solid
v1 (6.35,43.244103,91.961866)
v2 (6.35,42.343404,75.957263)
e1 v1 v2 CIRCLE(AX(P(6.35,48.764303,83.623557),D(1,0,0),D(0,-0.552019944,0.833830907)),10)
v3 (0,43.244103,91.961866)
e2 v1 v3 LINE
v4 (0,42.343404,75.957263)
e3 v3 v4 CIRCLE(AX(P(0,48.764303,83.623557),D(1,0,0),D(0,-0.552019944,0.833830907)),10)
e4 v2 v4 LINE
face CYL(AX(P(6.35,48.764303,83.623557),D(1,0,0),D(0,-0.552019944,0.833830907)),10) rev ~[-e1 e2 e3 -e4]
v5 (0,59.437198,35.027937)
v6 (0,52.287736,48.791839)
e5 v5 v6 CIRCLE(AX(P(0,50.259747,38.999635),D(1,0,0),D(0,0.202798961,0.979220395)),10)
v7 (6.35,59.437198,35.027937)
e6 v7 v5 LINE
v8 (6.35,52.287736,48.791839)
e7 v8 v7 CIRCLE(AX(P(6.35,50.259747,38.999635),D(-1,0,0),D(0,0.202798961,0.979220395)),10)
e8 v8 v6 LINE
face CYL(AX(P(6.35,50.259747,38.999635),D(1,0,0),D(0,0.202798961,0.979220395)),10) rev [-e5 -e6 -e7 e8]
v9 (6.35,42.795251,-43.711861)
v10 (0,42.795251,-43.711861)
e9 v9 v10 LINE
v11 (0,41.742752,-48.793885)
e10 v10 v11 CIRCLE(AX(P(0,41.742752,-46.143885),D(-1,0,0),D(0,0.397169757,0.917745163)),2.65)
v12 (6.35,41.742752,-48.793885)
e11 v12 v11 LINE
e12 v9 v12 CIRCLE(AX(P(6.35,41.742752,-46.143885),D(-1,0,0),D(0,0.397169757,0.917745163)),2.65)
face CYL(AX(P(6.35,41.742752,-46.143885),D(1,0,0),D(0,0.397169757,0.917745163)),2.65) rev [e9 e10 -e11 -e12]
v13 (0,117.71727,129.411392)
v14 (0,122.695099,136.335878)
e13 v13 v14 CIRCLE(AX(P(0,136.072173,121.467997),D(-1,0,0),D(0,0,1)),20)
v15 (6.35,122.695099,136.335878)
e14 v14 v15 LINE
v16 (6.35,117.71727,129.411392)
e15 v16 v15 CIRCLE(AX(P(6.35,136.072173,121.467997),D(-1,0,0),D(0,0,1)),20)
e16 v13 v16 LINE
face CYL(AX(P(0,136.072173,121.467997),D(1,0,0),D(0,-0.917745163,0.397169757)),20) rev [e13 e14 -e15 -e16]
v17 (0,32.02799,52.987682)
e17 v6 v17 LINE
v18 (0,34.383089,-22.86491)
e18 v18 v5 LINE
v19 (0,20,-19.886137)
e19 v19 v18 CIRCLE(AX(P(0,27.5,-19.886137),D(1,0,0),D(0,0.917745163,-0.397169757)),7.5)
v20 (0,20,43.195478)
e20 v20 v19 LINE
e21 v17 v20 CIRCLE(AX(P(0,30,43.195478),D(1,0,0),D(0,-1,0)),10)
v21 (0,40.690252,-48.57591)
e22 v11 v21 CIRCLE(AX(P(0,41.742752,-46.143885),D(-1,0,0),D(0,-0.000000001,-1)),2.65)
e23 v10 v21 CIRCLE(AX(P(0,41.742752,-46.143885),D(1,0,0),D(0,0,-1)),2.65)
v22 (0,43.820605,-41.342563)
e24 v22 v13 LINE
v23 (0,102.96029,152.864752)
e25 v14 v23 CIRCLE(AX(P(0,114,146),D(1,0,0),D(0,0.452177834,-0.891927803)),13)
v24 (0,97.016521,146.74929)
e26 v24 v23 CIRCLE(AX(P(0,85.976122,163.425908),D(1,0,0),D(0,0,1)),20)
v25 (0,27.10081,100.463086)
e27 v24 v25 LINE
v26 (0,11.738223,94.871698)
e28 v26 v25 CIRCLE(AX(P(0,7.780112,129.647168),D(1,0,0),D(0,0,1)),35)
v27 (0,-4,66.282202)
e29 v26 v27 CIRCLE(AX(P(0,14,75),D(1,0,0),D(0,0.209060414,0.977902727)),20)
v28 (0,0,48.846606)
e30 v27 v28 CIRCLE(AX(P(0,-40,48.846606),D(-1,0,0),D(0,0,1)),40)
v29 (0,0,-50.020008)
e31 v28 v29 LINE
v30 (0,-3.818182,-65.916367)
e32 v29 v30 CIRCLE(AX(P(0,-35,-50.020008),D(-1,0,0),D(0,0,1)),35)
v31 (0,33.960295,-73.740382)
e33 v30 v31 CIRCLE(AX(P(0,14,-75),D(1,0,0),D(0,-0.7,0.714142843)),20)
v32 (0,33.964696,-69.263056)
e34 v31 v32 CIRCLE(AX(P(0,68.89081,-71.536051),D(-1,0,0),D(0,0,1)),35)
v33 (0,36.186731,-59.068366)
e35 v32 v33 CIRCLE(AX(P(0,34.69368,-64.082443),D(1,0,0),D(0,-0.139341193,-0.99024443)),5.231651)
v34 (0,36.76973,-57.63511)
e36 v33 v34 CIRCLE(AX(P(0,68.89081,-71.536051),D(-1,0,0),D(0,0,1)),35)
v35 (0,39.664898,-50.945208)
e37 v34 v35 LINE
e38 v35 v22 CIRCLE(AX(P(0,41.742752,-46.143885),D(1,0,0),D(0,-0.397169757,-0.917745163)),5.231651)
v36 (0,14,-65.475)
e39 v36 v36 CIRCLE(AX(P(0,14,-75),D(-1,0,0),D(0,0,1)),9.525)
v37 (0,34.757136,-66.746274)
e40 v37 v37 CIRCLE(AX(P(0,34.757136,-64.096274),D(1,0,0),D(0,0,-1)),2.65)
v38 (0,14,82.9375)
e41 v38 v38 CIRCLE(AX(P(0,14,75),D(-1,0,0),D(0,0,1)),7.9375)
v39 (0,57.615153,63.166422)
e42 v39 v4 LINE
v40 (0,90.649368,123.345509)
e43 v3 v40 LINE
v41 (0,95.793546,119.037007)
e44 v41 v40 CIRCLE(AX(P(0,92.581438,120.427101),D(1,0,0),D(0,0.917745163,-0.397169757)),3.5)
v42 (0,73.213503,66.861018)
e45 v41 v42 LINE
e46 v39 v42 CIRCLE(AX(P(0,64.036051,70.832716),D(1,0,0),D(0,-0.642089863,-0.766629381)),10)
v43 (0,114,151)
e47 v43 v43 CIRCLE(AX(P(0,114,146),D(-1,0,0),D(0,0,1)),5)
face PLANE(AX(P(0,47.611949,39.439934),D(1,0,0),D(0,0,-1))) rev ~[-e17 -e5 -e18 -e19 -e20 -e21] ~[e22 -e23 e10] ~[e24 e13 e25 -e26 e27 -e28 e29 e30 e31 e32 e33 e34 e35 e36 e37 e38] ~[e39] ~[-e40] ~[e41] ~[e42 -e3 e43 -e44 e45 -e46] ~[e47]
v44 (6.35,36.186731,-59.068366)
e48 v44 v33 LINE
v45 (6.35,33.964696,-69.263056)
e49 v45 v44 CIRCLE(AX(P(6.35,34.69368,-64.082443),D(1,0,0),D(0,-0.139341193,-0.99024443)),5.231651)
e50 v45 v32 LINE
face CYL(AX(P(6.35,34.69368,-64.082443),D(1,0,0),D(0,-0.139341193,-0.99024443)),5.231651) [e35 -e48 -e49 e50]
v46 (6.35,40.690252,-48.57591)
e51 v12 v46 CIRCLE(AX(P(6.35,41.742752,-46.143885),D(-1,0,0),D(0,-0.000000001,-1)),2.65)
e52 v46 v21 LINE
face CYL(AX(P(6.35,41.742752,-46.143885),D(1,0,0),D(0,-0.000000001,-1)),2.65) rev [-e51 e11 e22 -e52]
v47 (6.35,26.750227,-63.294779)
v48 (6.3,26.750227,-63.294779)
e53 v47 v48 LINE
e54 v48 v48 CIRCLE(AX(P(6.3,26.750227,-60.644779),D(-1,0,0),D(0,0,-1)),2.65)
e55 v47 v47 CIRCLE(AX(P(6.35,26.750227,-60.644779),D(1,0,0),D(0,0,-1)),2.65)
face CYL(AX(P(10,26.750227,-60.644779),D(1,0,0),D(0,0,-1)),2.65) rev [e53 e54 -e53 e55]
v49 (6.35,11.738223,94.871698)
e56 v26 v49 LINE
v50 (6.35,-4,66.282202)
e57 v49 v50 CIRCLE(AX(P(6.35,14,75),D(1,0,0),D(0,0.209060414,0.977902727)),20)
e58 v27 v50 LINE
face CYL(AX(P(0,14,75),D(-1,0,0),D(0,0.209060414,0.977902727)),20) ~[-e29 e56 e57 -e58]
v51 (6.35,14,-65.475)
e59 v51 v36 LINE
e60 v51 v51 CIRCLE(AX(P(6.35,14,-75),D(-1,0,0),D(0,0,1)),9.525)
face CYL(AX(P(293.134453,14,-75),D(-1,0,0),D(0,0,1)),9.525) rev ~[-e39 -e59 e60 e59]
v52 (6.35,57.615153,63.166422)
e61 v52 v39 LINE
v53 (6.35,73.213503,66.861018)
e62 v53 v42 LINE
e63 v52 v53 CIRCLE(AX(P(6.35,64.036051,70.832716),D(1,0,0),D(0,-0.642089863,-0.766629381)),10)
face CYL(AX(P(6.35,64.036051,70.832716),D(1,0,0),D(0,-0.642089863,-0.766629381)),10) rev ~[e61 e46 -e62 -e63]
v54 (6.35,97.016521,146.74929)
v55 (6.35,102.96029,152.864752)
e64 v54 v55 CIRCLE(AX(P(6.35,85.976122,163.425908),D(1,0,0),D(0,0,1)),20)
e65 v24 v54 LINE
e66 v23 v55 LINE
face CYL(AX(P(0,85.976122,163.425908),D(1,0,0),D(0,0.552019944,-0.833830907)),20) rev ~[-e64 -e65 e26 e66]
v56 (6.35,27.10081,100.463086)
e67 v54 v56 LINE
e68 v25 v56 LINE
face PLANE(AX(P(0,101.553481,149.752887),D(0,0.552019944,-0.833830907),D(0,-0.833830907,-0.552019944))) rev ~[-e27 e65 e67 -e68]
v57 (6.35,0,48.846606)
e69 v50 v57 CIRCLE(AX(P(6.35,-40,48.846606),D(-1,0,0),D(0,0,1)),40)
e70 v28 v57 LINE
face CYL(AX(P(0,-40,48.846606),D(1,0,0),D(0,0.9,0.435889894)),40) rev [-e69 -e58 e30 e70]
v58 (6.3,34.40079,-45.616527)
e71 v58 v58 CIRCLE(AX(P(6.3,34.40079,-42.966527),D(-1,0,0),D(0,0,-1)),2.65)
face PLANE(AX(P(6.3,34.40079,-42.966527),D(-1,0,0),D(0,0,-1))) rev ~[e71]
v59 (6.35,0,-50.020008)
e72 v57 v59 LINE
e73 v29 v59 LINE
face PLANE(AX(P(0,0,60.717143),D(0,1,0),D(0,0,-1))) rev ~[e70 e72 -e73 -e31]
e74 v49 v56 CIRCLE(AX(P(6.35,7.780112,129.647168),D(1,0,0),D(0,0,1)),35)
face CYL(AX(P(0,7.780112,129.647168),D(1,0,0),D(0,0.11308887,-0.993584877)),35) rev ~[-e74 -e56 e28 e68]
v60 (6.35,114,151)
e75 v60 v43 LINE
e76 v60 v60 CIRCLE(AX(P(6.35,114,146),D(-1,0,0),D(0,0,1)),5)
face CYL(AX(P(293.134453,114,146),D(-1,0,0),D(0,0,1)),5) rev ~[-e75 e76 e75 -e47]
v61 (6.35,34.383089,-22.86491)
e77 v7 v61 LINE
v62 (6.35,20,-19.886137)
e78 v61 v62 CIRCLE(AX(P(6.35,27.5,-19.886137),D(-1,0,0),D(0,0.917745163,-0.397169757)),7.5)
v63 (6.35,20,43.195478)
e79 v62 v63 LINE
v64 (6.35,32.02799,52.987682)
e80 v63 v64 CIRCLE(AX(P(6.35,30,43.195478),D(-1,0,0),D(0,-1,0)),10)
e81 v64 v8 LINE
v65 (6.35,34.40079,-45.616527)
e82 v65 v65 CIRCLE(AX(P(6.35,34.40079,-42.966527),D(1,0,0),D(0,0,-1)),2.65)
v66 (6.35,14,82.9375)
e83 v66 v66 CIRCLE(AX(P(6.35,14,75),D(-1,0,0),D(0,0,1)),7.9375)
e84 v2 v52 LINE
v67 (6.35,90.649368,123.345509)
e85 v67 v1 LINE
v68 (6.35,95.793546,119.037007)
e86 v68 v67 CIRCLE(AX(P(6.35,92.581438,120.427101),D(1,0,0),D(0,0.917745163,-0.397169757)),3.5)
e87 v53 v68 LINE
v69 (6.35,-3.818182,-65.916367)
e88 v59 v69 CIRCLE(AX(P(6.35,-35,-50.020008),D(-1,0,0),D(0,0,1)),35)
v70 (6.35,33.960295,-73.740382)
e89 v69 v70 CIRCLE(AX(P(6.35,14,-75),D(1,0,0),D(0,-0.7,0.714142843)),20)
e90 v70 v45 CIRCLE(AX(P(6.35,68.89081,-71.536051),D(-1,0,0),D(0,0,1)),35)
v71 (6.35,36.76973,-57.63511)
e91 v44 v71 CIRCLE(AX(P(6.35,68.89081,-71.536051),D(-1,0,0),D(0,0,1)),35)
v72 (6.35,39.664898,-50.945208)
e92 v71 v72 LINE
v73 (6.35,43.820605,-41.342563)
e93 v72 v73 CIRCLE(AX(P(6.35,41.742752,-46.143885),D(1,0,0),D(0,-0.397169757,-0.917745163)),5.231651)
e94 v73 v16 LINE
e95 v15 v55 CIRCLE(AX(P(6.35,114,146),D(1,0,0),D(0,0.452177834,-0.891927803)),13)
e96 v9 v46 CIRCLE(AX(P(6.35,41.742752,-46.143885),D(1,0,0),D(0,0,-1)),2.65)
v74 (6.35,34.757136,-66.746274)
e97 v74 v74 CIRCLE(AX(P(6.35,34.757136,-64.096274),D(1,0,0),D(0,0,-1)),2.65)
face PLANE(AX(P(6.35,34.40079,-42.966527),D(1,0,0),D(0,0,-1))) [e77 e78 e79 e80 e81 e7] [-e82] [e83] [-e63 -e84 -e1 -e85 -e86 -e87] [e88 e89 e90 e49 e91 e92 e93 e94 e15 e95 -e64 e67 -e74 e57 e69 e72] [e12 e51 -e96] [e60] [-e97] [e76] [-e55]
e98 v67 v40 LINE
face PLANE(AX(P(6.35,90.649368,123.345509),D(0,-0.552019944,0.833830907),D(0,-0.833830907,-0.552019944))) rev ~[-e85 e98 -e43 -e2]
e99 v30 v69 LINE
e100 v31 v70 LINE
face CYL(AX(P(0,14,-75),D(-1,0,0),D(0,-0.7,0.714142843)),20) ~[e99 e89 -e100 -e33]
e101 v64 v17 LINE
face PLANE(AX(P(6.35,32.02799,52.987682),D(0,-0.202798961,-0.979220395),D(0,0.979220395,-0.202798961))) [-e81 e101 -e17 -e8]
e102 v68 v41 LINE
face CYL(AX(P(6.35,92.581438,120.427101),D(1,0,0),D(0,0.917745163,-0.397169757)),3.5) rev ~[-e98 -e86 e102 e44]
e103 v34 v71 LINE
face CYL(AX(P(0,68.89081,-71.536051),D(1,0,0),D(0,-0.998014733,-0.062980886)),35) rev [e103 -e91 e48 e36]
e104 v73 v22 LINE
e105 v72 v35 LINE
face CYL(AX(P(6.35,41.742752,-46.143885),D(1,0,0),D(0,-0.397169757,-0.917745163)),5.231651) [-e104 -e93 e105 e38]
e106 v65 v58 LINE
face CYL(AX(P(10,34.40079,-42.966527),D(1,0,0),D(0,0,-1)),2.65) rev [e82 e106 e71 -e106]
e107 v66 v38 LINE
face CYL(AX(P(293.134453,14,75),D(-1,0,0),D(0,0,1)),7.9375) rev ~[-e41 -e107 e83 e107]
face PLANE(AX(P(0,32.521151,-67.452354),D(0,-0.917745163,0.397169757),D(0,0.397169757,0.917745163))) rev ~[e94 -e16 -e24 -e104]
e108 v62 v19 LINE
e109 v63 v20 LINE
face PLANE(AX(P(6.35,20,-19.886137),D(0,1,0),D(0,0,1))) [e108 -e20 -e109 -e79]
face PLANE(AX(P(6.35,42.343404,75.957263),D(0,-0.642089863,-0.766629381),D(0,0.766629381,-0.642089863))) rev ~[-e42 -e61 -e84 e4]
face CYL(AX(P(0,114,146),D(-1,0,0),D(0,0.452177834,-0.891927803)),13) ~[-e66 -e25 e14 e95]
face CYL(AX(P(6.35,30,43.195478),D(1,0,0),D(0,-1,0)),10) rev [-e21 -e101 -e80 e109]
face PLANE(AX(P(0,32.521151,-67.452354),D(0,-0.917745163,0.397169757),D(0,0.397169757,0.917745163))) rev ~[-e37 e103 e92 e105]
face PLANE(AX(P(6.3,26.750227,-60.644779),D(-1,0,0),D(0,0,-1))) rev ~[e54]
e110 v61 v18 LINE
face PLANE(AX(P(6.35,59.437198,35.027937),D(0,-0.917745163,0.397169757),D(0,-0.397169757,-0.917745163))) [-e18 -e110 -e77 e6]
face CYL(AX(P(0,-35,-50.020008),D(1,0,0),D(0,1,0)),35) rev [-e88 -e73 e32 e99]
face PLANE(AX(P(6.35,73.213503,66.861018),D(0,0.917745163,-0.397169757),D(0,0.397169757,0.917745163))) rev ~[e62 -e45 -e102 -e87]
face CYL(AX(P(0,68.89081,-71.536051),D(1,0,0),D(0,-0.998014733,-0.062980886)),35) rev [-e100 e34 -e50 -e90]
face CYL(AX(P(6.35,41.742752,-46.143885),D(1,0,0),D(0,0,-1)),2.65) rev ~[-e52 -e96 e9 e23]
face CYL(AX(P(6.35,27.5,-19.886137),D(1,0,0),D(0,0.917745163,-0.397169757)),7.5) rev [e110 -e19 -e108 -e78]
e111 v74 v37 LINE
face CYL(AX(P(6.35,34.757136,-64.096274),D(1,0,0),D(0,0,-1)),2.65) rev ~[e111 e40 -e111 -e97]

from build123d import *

# Parameters (mm, degrees)
BOSS_EXTRUDE1_DEPTH         = 6.35
F_3_4_0_75_DIAMETER_HOLE1_D = 19.05
F_10_0_10_DIAMETER_HOLE1_D  = 10
F_5_8_DIAMETER_HOLE2_D      = 15.875
CUT_EXTRUDE1_REACH          = 205.594
FILLET1_R                   = 35
FILLET3_R                   = 35
FILLET4_R                   = 20
FILLET6_R                   = 40
SKETCH22_R                  = 2.65
CUT_EXTRUDE2_DEPTH          = 10
SKETCH24_R                  = 2.65
CUT_EXTRUDE3_DEPTH          = 10
BOSS_EXTRUDE4_DEPTH         = 6.35
BOSS_EXTRUDE5_DEPTH         = 6.35
SKETCH30_R                  = 2.65
CUT_EXTRUDE4_DEPTH          = 6.35
SKETCH31_R                  = 2.131200652
CUT_EXTRUDE5_DEPTH          = 6.35
SKETCH32_R                  = 2.65
CUT_EXTRUDE6_DEPTH          = 6.35
SKETCH33_R                  = 2.65
SKETCH33_R_2                = 3.724628158
BOSS_EXTRUDE6_DEPTH         = 6.3
CUT_EXTRUDE7_START          = -10
SKETCH34_R                  = 2.65
CUT_EXTRUDE7_DEPTH          = 10
BOSS_EXTRUDE7_START         = -6.3
SKETCH35_R                  = 2.65
BOSS_EXTRUDE7_DEPTH         = 6.3


with BuildPart() as part:
    # Sketch1 → Boss-Extrude1 (new body)
    with BuildSketch(Plane(origin=(0, 0, 0), x_dir=(0, 0, -1), z_dir=(1, 0, 0))):
        with BuildLine():
            Line((-60.717143143, 0), (60.717143143, 0))
            ThreePointArc((60.717143143, 0), (94.584407895, 9.944020783), (67.452353804, 32.521151068))
            Line((67.452353804, 32.521151068), (-134.404938559, 119.878311848))
            ThreePointArc((-134.404938559, 119.878311848), (-155.966181949, 122.347168224), (-149.752887031, 101.553480851))
            Line((-149.752887031, 101.553480851), (-94.55805454, 18.181208272))
            ThreePointArc((-94.55805454, 18.181208272), (-84.465516954, -3.618285637), (-60.717143143, 0))
        make_face()
    extrude(amount=BOSS_EXTRUDE1_DEPTH)

    # 3/4 (0.75) Diameter Hole1 (through all)
    with Locations(Plane(origin=(6.35, 0, 0), x_dir=(0, 0, -1), z_dir=(1, 0, 0))):
        with Locations((75, 14)):
            Hole(F_3_4_0_75_DIAMETER_HOLE1_D / 2)

    # Ø10.0 (10) Diameter Hole1 (through all)
    with Locations(Plane(origin=(6.35, 0, 0), x_dir=(0, 0, -1), z_dir=(1, 0, 0))):
        with Locations((-146, 114)):
            Hole(F_10_0_10_DIAMETER_HOLE1_D / 2)

    # Ø5/8" Diameter Hole2 (through all)
    with Locations(Plane(origin=(6.35, 0, 0), x_dir=(0, 0, -1), z_dir=(1, 0, 0))):
        with Locations((-75, 14)):
            Hole(F_5_8_DIAMETER_HOLE2_D / 2)

    # Sketch8 → Cut-Extrude1 (cut, up to next)
    with BuildSketch(Plane(origin=(6.35, 0, 0), x_dir=(0, 0, -1), z_dir=(1, 0, 0)), mode=Mode.PRIVATE) as cut_extrude1_sk1:
        with BuildLine():
            Line((-52.98768213, 32.027989609), (-48.791838571, 52.287736349))
            ThreePointArc((-48.791838571, 52.287736349), (-43.609219792, 59.133963583), (-35.027937054, 59.43719837))
            Line((-35.027937054, 59.43719837), (22.864909862, 34.383088722))
            ThreePointArc((22.864909862, 34.383088722), (27.230289645, 25.979007794), (19.886136685, 20))
            Line((19.886136685, 20), (-43.195478183, 20))
            ThreePointArc((-43.195478183, 20), (-50.950473221, 23.686518238), (-52.98768213, 32.027989609))
        make_face()
    cut_extrude1_tool1 = extrude(cut_extrude1_sk1.sketch, amount=-CUT_EXTRUDE1_REACH, mode=Mode.PRIVATE) & part.part
    # Sketch8 → Cut-Extrude1 (cut, up to next)
    with BuildSketch(Plane(origin=(6.35, 0, 0), x_dir=(0, 0, -1), z_dir=(1, 0, 0)), mode=Mode.PRIVATE) as cut_extrude1_sk2:
        with BuildLine():
            Line((-75.95726339, 42.34340423), (-63.166421785, 57.61515284))
            ThreePointArc((-63.166421785, 57.61515284), (-61.101947711, 66.340863059), (-66.861018022, 73.213503103))
            Line((-66.861018022, 73.213503103), (-119.037006728, 95.793545572))
            ThreePointArc((-119.037006728, 95.793545572), (-123.11030371, 94.828752024), (-123.345509052, 90.649367698))
            Line((-123.345509052, 90.649367698), (-91.961866267, 43.244103424))
            ThreePointArc((-91.961866267, 43.244103424), (-84.185443207, 38.780101137), (-75.95726339, 42.34340423))
        make_face()
    cut_extrude1_tool2 = extrude(cut_extrude1_sk2.sketch, amount=-CUT_EXTRUDE1_REACH, mode=Mode.PRIVATE) & part.part
    add(cut_extrude1_tool1.solids().sort_by_distance((6.35, 35.497015, 18.727672))[0], mode=Mode.SUBTRACT)
    add(cut_extrude1_tool2.solids().sort_by_distance((6.35, 67.079595, 89.97893))[0], mode=Mode.SUBTRACT)

    # Fillet1
    fillet1_edges = [part.edges().sort_by_distance(p)[0] for p in [
        (3.175, 18.181208272, 94.55805454),
    ]]
    fillet(fillet1_edges, radius=FILLET1_R)

    # Fillet3
    fillet3_edges = [part.edges().sort_by_distance(p)[0] for p in [
        (3.175, 32.521151068, -67.452353804),
        (3.175, 0, -60.717143143),
    ]]
    fillet(fillet3_edges, radius=FILLET3_R)

    # Fillet4
    fillet4_edges = [part.edges().sort_by_distance(p)[0] for p in [
        (3.175, 101.553480851, 149.752887031),
        (3.175, 119.878311848, 134.404938559),
    ]]
    fillet(fillet4_edges, radius=FILLET4_R)

    # Fillet6
    fillet6_edges = [part.edges().sort_by_distance(p)[0] for p in [
        (3.175, 0, 60.717143143),
    ]]
    fillet(fillet6_edges, radius=FILLET6_R)

    # Sketch22 → Cut-Extrude2 (cut)
    with BuildSketch(Plane(origin=(6.35, 0, 0), x_dir=(0, 0, -1), z_dir=(1, 0, 0))):
        with Locations((60.644779113, 26.750227475)):
            Circle(SKETCH22_R)
    extrude(amount=-CUT_EXTRUDE2_DEPTH, mode=Mode.SUBTRACT)

    # Sketch24 → Cut-Extrude3 (cut)
    with BuildSketch(Plane(origin=(6.35, 0, 0), x_dir=(0, 0, -1), z_dir=(1, 0, 0))):
        with Locations((42.966527297, 34.400790246)):
            Circle(SKETCH24_R)
    extrude(amount=-CUT_EXTRUDE3_DEPTH, mode=Mode.SUBTRACT)

    # Sketch25 → Boss-Extrude4 (add)
    with BuildSketch(Plane(origin=(6.35, 0, 0), x_dir=(0, 0, -1), z_dir=(1, 0, 0))):
        with BuildLine():
            ThreePointArc((43.711860671, 42.795251406), (46.681302599, 44.337685596), (48.793885353, 41.74275155))
            ThreePointArc((48.793885353, 41.74275155), (48.738819399, 41.205334304), (48.575910035, 40.690251694))
            Line((48.575910035, 40.690251694), (50.945207618, 39.664898052))
            ThreePointArc((50.945207618, 39.664898052), (48.221738851, 46.544073815), (41.342563089, 43.820605048))
            Line((41.342563089, 43.820605048), (43.711860671, 42.795251406))
        make_face()
    extrude(amount=-BOSS_EXTRUDE4_DEPTH)

    # Sketch29 → Boss-Extrude5 (add)
    with BuildSketch(Plane(origin=(6.35, 0, 0), x_dir=(0, 0, -1), z_dir=(1, 0, 0))):
        with BuildLine():
            ThreePointArc((69.263055818, 33.964695583), (65.196576348, 39.805321361), (59.068365536, 36.186730888))
            ThreePointArc((59.068365536, 36.186730888), (60.5303447, 35.66620465), (62.013960909, 35.210997462))
            ThreePointArc((62.013960909, 35.210997462), (64.343055459, 36.809883075), (66.21463271, 34.693680056))
            ThreePointArc((66.21463271, 34.693680056), (66.205602012, 34.497647468), (66.178586414, 34.303275437))
            ThreePointArc((66.178586414, 34.303275437), (67.717067085, 34.099786208), (69.263055818, 33.964695583))
        make_face()
    extrude(amount=-BOSS_EXTRUDE5_DEPTH)

    # Sketch30 → Cut-Extrude4 (cut)
    with BuildSketch(Plane(origin=(6.35, 0, 0), x_dir=(0, 0, -1), z_dir=(1, 0, 0))):
        with Locations((46.143885353, 41.74275155)):
            Circle(SKETCH30_R)
    extrude(amount=-CUT_EXTRUDE4_DEPTH, mode=Mode.SUBTRACT)

    # Sketch31 → Cut-Extrude5 (cut)
    with BuildSketch(Plane(origin=(6.35, 0, 0), x_dir=(0, 0, -1), z_dir=(1, 0, 0))):
        with Locations((64.096273662, 34.757136449)):
            Circle(SKETCH31_R)
    extrude(amount=-CUT_EXTRUDE5_DEPTH, mode=Mode.SUBTRACT)

    # Sketch32 → Cut-Extrude6 (cut)
    with BuildSketch(Plane(origin=(6.35, 0, 0), x_dir=(0, 0, -1), z_dir=(1, 0, 0))):
        with Locations((64.096273662, 34.757136449)):
            Circle(SKETCH32_R)
    extrude(amount=-CUT_EXTRUDE6_DEPTH, mode=Mode.SUBTRACT)

    # Sketch33 → Boss-Extrude6 (add)
    with BuildSketch(Plane(origin=(6.35, 0, 0), x_dir=(0, 0, -1), z_dir=(1, 0, 0))):
        with Locations((42.966527297, 34.400790246)):
            Circle(SKETCH33_R)
        with Locations((60.715336282, 26.683263033)):
            Circle(SKETCH33_R_2)
    extrude(amount=-BOSS_EXTRUDE6_DEPTH)

    # Sketch34 → Cut-Extrude7 (cut)
    with BuildSketch(Plane.ZY.offset(CUT_EXTRUDE7_START)):
        with Locations(Location((-60.644779113, 26.750227475, 0), (0, 0, 180))):
            Circle(SKETCH34_R)
        with Locations(Location((-42.966527297, 34.400790246, 0), (0, 0, 180))):
            Circle(SKETCH34_R)
    extrude(amount=CUT_EXTRUDE7_DEPTH, mode=Mode.SUBTRACT)

    # Sketch35 → Boss-Extrude7 (add)
    with BuildSketch(Plane.ZY.offset(BOSS_EXTRUDE7_START)):
        with Locations(Location((-60.644779113, 26.750227475, 0), (0, 0, 180))):
            Circle(SKETCH35_R)
        with Locations(Location((-42.966527297, 34.400790246, 0), (0, 0, 180))):
            Circle(SKETCH35_R)
    extrude(amount=BOSS_EXTRUDE7_DEPTH)


solid = part.part
